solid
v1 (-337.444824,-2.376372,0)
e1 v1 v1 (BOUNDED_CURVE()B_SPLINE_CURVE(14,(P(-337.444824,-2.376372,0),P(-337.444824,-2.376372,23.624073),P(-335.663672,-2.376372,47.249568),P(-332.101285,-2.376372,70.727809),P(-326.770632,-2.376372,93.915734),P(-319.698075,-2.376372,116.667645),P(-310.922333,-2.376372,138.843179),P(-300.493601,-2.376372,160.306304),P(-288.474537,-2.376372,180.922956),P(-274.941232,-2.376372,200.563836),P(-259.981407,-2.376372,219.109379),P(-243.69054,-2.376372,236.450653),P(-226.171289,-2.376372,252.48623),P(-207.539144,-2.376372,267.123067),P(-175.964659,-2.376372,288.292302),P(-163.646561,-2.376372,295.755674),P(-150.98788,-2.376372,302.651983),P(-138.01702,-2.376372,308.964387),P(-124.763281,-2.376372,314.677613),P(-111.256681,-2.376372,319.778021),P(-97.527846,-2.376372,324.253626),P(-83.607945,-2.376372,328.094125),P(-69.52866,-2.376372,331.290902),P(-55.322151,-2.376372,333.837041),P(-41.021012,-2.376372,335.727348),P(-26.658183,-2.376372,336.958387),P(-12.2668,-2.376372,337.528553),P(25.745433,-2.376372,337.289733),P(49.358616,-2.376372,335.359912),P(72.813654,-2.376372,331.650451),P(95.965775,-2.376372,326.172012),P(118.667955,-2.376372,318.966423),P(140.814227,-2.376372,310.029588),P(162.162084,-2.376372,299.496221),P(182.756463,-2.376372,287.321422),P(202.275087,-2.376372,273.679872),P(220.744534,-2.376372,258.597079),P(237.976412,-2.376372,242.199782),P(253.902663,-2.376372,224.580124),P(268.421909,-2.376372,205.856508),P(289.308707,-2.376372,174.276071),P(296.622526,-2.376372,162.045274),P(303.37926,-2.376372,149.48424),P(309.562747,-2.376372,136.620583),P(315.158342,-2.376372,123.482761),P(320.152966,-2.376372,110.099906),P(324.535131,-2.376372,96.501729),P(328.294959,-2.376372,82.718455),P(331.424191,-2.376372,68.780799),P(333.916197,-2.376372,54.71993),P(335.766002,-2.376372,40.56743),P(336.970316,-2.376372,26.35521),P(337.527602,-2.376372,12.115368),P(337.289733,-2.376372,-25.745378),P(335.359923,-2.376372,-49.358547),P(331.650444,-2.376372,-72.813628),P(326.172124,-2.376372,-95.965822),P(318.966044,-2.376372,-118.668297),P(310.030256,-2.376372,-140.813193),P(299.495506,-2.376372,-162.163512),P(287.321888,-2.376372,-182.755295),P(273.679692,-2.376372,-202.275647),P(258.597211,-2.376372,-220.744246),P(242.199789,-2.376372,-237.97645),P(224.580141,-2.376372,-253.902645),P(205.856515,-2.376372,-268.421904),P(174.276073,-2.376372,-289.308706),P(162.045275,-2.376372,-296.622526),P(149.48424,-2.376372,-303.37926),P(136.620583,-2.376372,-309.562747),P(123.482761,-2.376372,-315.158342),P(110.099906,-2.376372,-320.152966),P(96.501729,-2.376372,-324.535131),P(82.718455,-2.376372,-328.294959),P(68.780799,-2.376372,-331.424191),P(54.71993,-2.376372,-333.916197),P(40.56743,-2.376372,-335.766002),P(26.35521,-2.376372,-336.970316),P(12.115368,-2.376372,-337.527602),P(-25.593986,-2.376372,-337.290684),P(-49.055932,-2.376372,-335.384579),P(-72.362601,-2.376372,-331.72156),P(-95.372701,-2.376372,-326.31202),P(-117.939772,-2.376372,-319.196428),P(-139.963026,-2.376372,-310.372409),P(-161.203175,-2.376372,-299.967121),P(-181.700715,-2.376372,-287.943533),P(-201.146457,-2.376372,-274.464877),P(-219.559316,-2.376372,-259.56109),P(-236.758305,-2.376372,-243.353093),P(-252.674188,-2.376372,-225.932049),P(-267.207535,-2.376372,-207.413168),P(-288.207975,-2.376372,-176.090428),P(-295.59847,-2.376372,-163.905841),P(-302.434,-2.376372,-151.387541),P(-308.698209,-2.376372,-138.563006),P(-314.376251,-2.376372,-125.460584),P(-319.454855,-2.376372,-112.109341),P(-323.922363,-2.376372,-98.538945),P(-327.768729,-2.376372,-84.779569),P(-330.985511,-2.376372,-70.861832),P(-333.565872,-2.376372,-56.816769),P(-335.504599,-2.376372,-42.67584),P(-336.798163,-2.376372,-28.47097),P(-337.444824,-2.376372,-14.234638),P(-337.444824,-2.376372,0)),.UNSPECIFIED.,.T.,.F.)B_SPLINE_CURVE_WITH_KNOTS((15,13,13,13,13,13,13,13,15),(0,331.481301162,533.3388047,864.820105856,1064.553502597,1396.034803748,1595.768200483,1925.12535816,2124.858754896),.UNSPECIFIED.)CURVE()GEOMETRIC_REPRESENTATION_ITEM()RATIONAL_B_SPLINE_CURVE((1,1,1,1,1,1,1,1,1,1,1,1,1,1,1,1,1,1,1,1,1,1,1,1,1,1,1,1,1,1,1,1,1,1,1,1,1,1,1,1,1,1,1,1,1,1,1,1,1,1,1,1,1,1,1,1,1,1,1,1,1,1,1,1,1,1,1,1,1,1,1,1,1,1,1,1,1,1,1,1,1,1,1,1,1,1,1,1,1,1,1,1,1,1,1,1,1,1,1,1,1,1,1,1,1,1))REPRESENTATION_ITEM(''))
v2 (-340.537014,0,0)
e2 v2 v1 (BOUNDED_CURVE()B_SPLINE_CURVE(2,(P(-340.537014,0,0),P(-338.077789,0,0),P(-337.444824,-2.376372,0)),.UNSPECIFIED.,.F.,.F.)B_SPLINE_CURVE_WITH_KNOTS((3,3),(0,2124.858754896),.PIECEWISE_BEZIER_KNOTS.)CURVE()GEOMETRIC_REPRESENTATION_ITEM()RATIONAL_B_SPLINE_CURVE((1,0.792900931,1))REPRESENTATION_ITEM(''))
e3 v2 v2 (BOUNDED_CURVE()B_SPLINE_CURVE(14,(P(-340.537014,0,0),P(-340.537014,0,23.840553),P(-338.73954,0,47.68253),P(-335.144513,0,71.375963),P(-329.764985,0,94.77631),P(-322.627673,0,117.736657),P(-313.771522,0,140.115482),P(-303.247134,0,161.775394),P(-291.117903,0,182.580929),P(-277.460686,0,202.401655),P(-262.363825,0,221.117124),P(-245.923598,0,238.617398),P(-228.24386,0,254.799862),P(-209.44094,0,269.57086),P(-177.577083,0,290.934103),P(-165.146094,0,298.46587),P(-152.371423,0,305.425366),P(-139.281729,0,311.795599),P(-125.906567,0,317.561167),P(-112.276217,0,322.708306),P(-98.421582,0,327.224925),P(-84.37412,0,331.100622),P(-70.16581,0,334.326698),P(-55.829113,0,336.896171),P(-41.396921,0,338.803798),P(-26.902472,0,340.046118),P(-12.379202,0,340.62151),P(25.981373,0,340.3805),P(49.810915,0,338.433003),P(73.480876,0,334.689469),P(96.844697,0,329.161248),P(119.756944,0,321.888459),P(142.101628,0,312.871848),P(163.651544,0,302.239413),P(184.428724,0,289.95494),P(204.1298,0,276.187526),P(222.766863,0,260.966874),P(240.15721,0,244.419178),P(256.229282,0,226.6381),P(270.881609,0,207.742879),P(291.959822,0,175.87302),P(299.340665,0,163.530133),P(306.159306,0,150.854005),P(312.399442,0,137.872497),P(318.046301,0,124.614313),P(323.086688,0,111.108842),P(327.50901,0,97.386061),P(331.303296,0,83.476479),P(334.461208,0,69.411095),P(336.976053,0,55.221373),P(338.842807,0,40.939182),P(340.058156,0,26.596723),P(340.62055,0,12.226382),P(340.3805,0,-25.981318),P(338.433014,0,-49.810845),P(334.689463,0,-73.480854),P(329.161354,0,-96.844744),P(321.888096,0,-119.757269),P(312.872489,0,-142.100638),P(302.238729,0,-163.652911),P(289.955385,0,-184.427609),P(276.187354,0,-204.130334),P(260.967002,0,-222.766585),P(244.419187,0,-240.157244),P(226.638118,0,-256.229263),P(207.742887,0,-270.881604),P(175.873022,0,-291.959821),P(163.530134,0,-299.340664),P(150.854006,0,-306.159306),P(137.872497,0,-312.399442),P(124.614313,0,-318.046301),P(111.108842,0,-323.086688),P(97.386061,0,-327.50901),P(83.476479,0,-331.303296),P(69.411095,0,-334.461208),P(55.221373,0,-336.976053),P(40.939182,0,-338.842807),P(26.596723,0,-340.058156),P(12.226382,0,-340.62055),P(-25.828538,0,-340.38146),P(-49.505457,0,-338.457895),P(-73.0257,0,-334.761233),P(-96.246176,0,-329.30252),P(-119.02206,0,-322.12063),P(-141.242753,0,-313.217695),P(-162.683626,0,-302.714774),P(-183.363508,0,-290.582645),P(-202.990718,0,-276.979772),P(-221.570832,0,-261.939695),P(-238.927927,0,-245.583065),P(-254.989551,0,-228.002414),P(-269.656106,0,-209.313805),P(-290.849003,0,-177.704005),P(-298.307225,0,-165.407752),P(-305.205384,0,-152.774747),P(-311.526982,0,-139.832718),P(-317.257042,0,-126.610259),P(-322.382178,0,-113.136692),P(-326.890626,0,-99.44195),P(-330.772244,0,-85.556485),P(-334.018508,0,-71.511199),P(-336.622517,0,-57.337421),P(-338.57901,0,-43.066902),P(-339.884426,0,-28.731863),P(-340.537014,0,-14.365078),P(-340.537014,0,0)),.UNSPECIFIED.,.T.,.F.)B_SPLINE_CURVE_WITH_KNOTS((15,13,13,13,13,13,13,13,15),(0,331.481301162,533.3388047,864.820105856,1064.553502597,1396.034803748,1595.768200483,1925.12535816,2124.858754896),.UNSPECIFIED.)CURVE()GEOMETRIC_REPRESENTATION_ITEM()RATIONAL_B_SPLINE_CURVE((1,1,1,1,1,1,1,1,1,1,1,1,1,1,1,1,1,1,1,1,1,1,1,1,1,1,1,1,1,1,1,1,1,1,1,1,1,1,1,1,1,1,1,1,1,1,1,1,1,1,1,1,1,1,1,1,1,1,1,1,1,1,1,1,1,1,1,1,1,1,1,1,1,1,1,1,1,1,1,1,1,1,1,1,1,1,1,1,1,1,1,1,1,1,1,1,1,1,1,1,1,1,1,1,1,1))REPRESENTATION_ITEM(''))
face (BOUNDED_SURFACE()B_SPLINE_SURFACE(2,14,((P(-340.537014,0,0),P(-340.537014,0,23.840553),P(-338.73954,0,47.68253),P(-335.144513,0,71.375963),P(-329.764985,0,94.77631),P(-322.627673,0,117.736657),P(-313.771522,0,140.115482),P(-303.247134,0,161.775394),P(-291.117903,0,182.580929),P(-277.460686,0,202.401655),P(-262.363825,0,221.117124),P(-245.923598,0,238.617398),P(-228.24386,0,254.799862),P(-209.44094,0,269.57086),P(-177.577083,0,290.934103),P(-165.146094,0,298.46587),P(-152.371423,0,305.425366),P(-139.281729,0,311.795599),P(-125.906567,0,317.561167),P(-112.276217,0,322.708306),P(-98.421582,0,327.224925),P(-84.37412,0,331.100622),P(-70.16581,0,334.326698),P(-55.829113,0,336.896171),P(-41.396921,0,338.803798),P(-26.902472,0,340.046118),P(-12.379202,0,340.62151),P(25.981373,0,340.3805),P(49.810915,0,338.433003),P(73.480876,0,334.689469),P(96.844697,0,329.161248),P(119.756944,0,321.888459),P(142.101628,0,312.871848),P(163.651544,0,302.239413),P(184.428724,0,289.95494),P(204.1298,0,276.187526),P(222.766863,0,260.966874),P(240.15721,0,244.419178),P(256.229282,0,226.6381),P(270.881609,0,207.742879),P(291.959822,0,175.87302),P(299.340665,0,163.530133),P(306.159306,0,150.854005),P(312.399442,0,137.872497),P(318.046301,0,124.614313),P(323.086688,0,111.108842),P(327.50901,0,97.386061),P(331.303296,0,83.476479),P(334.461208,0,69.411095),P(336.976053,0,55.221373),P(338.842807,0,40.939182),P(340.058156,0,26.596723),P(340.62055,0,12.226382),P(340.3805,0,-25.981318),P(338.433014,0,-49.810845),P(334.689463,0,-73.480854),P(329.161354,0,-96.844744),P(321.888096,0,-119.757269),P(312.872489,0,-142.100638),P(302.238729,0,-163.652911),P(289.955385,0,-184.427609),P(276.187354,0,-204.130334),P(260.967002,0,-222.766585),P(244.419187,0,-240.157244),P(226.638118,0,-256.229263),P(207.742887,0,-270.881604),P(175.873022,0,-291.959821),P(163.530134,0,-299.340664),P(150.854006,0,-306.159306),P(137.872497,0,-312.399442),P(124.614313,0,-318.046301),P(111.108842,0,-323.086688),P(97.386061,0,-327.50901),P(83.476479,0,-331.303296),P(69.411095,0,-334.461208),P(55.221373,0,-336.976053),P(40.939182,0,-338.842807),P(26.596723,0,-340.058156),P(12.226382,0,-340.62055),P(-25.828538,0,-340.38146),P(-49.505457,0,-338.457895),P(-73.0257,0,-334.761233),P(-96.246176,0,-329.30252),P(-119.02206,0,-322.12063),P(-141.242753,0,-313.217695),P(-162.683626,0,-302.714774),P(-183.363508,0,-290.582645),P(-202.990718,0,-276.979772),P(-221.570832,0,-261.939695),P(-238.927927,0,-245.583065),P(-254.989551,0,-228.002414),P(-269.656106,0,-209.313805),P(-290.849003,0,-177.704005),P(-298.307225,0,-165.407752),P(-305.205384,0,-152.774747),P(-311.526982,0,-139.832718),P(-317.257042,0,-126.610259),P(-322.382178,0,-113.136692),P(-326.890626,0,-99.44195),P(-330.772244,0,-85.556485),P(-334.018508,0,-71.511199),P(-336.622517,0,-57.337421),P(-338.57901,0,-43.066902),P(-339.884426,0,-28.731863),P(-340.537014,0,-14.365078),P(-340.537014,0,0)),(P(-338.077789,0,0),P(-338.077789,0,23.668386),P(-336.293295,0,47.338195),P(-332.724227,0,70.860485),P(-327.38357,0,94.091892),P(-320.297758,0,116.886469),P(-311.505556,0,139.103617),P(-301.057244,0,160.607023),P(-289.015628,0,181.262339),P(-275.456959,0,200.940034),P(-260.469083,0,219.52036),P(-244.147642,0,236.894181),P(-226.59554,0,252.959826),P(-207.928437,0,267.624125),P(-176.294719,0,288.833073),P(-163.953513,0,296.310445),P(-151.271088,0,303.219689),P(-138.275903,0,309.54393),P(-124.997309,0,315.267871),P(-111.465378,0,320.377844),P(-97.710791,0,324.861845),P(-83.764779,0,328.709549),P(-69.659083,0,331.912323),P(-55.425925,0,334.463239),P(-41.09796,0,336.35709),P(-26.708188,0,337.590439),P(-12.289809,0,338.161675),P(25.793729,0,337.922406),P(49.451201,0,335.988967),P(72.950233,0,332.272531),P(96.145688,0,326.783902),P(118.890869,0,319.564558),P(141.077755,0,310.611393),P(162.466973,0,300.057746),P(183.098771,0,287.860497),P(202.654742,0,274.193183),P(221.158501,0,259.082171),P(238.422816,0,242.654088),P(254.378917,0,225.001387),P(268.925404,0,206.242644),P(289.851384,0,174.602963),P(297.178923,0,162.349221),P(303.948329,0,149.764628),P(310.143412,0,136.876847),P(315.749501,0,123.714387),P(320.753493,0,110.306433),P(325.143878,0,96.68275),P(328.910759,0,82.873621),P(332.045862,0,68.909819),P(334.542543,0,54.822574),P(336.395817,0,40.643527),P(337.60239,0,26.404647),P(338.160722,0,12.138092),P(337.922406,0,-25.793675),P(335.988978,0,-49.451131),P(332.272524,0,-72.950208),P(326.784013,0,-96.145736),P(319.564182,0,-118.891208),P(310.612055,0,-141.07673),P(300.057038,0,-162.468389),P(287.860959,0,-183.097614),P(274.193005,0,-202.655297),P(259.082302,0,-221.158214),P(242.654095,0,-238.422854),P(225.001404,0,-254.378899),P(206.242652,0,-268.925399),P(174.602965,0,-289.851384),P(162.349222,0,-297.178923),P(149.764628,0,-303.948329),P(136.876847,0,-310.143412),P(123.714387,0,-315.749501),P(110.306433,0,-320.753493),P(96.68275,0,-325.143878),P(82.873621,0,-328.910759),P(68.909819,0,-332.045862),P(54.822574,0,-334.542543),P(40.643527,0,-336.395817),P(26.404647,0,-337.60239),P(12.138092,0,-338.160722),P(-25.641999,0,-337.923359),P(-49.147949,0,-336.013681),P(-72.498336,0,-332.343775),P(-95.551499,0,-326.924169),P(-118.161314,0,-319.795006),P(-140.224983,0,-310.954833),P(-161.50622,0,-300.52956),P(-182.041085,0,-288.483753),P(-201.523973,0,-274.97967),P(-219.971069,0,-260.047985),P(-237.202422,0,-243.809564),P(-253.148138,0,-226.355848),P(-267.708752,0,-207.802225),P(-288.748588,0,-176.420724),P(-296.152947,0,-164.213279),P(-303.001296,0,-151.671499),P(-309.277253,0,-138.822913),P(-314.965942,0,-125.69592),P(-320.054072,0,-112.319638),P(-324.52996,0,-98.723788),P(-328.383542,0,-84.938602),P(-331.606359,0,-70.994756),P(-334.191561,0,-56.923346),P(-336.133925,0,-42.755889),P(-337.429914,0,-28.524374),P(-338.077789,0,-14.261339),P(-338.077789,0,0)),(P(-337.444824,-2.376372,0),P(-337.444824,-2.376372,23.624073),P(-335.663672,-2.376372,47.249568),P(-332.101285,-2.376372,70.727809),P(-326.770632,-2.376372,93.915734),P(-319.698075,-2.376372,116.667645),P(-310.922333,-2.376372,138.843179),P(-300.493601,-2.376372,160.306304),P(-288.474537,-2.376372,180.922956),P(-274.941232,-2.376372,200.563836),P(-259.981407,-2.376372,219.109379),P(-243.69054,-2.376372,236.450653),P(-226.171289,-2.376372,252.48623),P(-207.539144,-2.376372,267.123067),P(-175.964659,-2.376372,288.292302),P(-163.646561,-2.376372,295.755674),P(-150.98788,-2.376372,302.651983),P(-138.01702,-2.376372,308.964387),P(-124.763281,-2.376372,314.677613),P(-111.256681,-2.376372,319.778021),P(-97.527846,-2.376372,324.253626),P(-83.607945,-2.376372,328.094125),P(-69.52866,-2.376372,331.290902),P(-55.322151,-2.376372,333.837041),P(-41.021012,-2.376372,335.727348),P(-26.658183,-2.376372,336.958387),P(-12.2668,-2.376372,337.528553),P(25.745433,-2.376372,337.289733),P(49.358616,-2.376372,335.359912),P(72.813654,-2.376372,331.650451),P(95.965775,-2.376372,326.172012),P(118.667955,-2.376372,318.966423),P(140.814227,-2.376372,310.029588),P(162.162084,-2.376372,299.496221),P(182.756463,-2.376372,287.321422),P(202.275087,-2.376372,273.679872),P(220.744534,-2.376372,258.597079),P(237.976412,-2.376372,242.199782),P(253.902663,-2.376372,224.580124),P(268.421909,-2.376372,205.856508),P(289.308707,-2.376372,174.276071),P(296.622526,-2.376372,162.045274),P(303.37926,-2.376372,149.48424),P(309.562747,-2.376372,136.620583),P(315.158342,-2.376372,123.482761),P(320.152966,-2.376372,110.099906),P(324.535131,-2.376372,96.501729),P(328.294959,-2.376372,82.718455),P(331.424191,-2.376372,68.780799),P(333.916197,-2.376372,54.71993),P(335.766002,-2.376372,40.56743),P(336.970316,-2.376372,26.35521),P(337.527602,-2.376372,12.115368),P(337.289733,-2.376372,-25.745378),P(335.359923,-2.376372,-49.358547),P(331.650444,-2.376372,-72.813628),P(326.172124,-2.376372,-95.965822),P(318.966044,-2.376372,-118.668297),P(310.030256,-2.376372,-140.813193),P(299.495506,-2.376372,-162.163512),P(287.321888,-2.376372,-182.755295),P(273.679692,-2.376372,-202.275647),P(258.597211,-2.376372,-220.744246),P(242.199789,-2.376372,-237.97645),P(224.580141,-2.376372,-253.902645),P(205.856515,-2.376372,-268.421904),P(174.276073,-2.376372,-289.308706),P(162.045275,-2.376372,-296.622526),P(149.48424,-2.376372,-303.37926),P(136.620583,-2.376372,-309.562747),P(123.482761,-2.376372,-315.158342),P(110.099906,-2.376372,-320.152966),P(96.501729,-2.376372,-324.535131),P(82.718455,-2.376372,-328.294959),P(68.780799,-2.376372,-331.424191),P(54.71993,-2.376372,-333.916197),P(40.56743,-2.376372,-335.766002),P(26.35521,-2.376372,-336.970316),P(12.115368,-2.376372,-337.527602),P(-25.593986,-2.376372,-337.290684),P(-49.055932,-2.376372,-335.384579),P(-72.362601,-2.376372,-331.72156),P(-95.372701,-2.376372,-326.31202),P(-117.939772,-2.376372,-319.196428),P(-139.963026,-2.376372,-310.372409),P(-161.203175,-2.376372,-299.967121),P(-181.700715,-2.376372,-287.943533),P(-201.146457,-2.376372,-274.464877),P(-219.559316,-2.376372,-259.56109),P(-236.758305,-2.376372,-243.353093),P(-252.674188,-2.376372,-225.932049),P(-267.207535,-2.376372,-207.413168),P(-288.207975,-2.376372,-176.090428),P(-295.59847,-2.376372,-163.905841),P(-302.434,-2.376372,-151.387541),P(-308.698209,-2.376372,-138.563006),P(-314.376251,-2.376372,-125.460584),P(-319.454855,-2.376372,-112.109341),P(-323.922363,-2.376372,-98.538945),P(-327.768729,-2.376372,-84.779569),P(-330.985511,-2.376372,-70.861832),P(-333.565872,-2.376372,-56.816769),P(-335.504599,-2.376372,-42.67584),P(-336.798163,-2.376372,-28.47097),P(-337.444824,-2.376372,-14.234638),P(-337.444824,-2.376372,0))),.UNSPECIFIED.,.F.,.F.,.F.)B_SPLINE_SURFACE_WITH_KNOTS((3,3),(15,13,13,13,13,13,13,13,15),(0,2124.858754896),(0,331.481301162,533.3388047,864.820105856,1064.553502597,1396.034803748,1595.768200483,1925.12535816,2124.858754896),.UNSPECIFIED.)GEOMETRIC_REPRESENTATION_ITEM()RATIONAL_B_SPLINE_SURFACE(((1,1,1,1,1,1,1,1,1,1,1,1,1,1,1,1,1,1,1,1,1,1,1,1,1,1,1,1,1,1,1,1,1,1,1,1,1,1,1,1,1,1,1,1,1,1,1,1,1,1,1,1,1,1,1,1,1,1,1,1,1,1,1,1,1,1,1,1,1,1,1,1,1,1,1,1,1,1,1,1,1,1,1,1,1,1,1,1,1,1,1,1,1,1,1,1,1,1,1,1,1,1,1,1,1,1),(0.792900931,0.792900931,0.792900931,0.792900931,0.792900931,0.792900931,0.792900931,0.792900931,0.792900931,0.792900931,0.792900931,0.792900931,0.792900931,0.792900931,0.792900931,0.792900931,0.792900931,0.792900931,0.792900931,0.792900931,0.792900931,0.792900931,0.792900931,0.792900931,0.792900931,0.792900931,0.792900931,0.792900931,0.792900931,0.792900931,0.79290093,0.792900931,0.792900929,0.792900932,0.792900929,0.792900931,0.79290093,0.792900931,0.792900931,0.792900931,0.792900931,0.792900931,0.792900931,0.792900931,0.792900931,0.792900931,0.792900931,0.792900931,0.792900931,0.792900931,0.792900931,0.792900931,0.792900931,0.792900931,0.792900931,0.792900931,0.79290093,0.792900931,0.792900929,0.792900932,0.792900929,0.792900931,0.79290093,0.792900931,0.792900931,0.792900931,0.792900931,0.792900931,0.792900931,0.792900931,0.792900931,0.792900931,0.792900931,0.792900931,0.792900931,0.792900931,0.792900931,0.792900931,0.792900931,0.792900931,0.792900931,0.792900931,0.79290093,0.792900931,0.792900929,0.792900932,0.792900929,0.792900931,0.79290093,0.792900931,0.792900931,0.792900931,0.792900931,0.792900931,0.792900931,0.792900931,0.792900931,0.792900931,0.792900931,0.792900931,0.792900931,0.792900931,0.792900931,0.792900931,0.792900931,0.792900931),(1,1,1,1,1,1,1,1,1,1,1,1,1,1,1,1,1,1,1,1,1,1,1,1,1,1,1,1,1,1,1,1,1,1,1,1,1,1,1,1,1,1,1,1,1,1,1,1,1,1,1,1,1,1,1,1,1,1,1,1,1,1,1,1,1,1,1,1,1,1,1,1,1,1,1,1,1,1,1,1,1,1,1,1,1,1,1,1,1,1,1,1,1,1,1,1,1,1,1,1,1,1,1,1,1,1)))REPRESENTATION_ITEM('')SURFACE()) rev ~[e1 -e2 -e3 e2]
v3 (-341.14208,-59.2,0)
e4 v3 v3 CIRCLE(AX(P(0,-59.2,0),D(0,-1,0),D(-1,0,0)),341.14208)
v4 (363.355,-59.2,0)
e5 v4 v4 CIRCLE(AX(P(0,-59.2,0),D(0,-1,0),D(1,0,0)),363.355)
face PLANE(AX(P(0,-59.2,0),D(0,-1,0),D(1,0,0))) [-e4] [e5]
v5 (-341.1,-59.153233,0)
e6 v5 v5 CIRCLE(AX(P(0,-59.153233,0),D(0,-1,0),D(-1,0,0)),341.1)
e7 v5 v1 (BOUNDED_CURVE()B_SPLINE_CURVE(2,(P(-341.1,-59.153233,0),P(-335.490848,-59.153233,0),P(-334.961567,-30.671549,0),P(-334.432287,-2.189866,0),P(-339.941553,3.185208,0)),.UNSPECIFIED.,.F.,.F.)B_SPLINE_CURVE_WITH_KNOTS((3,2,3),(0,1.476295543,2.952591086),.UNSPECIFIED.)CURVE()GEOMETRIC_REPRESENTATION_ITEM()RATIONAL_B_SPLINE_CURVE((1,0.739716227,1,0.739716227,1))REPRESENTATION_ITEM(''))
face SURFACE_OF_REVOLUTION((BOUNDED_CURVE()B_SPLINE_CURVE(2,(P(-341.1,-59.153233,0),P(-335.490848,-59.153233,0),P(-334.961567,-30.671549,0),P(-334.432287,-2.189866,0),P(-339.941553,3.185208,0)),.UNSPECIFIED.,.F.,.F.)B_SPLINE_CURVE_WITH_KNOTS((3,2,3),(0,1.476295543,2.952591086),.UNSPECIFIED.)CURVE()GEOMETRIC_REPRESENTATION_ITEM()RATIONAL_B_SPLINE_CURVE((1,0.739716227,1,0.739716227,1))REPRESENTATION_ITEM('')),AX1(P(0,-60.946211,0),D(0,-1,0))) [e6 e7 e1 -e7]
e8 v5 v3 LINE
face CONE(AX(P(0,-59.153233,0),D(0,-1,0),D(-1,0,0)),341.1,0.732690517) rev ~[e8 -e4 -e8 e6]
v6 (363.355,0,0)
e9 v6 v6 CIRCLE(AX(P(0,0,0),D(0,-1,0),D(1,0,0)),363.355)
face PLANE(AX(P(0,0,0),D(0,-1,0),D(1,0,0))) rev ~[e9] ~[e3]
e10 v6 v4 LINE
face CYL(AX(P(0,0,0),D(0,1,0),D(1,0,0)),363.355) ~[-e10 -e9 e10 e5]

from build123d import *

# Parameters (mm, degrees)
F0_R     = 363.355
F0_R_2   = 334.705
F1_DEPTH = 59.2
F4_R     = 3.2


with BuildPart() as f1:
    # F0 (on Front) → F1 (new body)
    with BuildSketch(Plane.XZ):
        Circle(F0_R)
        Circle(F0_R_2, mode=Mode.SUBTRACT)
    extrude(amount=F1_DEPTH)

    # F2 (on Top) → F3 (revolve, cut)
    with BuildSketch(Plane.XY):
        with BuildLine():
            add(Edge.make_bspline(
                [(-341.1, -59.1532327235), (-335.4908481347, -59.1532327235), (-334.9615674901, -30.6715493058), (-334.4322868455, -2.189865888), (-339.9415526647, 3.1852083197)],
                knots=[0, 0, 0, 1.4762955431, 1.4762955431, 2.9525910861, 2.9525910861, 2.9525910861], degree=2, weights=[1, 0.7397162265, 1, 0.7397162265, 1]))
            Line((-341.1, -59.1532327235), (-346.7482924461, -65.4306858778))
            Line((-346.7482924461, -65.4306858778), (-320.7925856113, -65.4306858778))
            Line((-320.7925856113, -65.4306858778), (-323.885768652, -5.719171837))
            Line((-323.885768652, -5.719171837), (-336.175262928, 6.8636881188))
            Line((-336.175262928, 6.8636881188), (-339.9415526647, 3.1852083197))
        make_face()
    revolve(axis=Axis((0, -60.9462112188, 0), (0, -1, 0)), mode=Mode.SUBTRACT)

    # F4
    f4_edges = [f1.edges().sort_by_distance(p)[0] for p in [
        (338.181774, 0, 0),
    ]]
    fillet(f4_edges, radius=F4_R)


solid = f1.part
